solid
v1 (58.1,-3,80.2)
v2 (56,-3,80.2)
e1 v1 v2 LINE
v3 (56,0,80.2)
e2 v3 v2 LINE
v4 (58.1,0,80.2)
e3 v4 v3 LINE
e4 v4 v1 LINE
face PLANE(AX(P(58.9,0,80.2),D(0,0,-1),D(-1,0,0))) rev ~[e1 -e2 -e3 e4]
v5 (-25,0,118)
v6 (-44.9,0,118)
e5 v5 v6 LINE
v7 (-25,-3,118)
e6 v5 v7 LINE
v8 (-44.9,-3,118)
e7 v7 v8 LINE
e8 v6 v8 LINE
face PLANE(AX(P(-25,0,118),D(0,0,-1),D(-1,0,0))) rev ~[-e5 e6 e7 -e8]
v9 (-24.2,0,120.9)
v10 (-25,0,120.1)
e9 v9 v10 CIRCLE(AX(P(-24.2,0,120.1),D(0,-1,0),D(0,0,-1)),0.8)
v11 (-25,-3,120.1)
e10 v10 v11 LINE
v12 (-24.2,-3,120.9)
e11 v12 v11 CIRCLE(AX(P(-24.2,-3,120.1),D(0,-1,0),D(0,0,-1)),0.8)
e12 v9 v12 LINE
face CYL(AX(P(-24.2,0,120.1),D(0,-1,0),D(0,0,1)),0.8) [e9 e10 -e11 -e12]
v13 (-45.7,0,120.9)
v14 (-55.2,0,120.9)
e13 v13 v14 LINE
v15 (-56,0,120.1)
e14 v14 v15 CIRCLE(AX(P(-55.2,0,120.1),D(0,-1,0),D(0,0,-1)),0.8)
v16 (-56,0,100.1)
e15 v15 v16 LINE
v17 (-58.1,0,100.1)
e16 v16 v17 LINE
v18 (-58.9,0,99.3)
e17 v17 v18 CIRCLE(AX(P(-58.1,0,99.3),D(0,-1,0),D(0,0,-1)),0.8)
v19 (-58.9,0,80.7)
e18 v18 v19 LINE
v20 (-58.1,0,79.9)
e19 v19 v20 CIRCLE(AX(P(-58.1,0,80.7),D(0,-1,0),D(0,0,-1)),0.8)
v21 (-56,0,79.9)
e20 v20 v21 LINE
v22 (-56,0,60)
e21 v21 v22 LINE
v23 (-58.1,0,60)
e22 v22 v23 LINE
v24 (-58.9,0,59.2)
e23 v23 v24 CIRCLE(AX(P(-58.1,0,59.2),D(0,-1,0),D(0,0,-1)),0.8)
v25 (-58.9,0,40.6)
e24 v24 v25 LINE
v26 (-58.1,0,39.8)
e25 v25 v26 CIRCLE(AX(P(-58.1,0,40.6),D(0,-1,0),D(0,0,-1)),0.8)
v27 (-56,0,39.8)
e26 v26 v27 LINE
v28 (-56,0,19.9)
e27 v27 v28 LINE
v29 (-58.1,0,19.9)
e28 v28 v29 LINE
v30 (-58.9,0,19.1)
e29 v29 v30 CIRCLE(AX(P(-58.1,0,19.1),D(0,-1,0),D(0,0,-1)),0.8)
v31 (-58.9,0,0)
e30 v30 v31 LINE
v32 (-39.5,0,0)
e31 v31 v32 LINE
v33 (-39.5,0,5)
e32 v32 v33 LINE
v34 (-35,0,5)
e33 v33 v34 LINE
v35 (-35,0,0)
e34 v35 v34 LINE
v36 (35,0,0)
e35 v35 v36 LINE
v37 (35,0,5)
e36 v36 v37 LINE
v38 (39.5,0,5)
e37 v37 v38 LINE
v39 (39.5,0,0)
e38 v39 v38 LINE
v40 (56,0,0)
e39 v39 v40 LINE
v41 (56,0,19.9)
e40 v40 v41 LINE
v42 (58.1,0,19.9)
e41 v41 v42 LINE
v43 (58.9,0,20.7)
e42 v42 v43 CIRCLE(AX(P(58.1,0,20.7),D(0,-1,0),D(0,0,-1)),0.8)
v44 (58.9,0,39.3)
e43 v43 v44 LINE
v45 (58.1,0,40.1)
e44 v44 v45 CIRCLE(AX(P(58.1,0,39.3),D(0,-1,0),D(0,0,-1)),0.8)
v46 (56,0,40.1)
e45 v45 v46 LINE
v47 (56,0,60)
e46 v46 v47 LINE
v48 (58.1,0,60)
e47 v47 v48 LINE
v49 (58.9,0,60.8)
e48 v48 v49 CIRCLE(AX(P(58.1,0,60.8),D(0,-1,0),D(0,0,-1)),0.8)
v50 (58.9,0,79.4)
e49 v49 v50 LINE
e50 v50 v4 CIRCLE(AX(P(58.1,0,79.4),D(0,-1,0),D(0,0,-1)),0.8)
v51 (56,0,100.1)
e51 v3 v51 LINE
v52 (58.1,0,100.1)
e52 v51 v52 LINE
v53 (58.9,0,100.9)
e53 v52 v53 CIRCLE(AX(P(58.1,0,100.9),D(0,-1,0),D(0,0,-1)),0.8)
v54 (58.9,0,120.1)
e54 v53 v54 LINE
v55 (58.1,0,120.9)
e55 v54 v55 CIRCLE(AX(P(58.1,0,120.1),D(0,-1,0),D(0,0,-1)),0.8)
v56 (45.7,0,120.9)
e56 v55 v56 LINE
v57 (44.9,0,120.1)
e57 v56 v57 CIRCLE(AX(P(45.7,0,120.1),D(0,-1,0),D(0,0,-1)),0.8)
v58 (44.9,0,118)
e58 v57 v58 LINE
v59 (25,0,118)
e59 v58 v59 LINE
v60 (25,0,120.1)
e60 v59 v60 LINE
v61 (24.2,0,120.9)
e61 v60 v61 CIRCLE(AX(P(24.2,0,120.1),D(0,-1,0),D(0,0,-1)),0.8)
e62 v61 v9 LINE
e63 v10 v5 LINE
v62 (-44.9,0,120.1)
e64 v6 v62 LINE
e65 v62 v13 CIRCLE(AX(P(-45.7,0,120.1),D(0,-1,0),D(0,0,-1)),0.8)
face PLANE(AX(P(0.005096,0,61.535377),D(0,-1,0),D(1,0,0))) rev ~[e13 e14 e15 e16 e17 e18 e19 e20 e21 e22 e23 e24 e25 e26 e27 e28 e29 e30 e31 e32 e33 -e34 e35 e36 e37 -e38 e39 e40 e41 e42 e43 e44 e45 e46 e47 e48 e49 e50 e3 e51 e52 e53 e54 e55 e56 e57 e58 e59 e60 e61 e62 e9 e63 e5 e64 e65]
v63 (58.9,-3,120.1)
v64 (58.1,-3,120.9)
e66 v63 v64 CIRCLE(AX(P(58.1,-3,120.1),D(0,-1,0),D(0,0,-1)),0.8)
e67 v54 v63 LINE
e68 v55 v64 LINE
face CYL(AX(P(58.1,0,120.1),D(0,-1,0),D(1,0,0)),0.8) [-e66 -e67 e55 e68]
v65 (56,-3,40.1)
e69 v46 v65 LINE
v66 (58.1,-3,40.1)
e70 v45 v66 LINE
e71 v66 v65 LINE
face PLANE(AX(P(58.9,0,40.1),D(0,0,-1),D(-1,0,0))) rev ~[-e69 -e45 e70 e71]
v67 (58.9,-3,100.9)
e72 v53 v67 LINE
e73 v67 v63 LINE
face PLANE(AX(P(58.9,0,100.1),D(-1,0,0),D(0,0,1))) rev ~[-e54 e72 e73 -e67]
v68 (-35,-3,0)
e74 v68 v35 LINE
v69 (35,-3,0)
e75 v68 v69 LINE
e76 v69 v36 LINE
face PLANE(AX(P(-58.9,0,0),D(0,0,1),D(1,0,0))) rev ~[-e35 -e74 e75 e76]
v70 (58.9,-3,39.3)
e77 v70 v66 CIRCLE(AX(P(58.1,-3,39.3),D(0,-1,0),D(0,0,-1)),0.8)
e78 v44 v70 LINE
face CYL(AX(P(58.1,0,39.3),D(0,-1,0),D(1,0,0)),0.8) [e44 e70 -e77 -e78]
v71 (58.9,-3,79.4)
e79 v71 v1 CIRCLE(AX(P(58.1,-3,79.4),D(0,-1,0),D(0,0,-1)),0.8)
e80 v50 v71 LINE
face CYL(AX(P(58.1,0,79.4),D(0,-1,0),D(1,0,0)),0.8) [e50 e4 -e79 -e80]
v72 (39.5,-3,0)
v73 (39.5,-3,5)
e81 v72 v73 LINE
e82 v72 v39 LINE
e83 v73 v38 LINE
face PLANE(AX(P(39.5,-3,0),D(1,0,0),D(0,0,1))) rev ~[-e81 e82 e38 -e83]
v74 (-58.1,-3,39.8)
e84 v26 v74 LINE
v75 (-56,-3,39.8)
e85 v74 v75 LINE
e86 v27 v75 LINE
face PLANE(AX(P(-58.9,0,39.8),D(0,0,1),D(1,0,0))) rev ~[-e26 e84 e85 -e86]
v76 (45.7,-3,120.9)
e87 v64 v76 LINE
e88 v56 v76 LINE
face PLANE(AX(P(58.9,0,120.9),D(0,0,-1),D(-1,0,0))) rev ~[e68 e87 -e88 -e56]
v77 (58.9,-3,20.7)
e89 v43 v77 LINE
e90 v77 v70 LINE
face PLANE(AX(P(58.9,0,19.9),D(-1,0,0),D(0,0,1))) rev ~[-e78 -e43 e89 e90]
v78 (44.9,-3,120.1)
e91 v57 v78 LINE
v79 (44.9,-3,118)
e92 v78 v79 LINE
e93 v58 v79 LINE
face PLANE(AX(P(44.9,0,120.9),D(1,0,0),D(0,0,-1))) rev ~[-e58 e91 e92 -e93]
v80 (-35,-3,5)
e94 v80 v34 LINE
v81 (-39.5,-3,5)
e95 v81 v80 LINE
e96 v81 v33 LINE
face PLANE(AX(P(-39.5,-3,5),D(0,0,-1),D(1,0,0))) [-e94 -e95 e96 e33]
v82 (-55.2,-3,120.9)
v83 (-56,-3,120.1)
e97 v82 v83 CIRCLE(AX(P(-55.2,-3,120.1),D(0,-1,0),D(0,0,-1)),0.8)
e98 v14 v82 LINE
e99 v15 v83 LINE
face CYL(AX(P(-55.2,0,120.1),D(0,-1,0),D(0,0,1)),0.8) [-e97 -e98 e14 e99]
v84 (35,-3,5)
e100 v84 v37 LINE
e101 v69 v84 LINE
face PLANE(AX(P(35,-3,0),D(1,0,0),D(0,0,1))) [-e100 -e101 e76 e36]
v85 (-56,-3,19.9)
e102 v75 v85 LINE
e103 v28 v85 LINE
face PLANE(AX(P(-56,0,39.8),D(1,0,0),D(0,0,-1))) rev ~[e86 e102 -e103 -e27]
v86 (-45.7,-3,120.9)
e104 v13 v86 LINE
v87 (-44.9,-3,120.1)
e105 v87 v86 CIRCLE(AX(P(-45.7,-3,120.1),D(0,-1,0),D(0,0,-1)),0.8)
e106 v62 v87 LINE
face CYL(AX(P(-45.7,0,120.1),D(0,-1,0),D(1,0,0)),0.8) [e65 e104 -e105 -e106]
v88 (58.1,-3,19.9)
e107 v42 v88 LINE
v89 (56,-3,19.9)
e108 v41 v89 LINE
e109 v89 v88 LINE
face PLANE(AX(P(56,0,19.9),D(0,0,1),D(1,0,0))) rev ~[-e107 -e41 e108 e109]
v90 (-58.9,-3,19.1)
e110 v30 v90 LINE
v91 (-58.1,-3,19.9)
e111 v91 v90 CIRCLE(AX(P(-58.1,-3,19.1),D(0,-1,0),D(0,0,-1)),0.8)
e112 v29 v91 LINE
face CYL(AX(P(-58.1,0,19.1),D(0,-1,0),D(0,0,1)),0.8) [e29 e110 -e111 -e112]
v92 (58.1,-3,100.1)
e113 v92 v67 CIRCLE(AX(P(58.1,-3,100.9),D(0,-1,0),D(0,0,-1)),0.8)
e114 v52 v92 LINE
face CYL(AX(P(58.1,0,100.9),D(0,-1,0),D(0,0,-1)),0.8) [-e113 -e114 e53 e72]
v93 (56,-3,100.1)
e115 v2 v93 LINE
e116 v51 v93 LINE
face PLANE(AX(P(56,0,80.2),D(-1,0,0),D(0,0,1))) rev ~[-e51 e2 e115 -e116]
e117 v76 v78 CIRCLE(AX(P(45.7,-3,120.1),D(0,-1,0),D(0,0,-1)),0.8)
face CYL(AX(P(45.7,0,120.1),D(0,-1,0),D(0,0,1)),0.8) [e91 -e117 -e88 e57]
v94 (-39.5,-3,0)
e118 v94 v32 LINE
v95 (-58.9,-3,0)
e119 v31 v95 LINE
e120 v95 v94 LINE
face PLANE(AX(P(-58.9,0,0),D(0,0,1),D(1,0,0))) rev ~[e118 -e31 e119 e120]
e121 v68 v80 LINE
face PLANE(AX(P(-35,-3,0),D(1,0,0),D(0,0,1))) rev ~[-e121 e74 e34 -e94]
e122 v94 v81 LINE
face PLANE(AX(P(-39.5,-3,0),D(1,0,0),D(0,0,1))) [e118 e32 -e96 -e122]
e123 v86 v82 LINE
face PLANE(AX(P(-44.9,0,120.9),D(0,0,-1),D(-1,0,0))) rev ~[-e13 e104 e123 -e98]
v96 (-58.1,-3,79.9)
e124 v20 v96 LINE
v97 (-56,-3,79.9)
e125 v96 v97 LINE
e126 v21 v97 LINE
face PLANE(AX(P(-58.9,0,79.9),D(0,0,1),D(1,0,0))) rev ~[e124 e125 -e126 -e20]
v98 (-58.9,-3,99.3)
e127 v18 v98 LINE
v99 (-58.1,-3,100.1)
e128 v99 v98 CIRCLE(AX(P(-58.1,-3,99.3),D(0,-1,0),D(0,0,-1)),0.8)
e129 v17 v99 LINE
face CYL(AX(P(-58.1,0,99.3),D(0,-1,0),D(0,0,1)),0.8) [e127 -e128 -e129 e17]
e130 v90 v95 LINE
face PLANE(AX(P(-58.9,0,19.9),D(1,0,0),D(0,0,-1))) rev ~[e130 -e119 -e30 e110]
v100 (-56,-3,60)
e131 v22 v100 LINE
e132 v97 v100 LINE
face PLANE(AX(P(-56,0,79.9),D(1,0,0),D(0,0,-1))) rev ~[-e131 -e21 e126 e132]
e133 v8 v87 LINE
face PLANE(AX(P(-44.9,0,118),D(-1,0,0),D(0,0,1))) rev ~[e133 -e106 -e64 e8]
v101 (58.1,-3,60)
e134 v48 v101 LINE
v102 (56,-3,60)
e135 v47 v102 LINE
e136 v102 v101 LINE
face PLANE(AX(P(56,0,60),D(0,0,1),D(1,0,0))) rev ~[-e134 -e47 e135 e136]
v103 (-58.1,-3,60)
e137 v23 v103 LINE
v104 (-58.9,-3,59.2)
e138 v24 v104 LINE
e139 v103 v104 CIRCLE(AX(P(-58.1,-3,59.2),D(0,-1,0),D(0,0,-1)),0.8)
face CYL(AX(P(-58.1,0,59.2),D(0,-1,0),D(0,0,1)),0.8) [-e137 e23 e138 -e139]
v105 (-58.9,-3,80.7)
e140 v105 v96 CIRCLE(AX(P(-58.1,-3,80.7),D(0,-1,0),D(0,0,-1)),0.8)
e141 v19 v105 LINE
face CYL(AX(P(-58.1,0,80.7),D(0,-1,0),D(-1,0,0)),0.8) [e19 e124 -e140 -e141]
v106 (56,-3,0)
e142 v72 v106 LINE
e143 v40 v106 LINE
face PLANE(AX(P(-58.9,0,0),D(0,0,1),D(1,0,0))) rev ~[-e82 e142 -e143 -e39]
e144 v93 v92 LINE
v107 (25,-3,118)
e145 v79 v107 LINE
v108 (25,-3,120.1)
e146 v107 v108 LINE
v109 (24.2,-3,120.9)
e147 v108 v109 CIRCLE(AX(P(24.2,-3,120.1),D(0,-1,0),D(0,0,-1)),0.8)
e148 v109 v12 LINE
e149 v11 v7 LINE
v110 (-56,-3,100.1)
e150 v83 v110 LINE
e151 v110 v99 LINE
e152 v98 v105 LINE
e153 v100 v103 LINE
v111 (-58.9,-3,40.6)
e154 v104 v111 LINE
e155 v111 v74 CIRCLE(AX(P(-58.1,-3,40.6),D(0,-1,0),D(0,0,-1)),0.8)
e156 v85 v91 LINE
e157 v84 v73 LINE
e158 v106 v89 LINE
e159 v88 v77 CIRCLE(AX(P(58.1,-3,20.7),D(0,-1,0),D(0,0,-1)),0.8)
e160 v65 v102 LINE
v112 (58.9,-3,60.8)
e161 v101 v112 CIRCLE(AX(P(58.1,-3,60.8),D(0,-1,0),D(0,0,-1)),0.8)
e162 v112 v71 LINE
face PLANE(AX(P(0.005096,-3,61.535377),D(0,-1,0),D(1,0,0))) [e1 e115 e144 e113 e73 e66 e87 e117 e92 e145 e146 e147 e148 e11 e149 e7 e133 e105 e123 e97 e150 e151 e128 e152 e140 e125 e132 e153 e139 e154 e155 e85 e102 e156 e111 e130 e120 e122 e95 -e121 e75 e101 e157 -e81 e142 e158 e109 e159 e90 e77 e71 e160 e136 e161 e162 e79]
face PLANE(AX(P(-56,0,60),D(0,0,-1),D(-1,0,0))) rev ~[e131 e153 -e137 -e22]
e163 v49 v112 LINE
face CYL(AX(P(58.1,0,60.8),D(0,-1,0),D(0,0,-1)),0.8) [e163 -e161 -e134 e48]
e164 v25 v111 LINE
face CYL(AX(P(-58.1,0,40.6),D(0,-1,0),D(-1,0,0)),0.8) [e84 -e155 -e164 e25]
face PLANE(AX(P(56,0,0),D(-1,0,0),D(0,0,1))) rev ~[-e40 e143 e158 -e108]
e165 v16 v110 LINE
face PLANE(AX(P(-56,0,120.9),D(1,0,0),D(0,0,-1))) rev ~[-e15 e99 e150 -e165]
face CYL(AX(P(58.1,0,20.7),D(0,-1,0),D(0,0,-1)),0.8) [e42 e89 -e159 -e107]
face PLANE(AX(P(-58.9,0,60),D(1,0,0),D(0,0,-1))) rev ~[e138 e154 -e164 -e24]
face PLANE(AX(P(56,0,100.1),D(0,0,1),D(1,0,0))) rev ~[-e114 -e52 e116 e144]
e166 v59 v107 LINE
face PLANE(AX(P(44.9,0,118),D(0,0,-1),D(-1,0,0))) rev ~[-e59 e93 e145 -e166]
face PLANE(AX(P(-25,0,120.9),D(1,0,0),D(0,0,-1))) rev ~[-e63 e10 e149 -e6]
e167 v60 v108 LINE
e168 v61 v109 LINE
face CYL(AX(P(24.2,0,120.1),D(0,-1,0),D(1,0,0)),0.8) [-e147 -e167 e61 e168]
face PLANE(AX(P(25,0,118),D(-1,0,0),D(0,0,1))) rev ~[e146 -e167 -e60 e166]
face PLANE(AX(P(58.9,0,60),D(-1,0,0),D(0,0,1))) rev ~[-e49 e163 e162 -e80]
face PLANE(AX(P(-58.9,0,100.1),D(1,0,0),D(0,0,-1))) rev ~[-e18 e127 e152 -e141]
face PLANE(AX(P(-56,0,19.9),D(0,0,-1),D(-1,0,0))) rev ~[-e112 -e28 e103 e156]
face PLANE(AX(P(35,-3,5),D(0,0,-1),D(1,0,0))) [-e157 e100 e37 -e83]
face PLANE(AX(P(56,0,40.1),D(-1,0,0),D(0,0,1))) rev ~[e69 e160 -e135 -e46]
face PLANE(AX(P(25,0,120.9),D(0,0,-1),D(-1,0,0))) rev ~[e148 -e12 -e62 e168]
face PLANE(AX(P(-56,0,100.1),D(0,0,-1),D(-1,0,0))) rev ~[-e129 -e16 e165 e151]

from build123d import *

# Parameters (mm, degrees)
F1_DEPTH = 3
F2_R     = 0.8
F3_W     = 4.5
F3_H     = 5
F4_DEPTH = 3.001


with BuildPart() as f1:
    # F0 (on Front) → F1 (new body)
    with BuildSketch(Plane.XZ):
        Polygon((-58.9, 0), (56, 0), (56, 19.9), (58.9, 19.9), (58.9, 40.1), (56, 40.1), (56, 60), (58.9, 60), (58.9, 80.2), (56, 80.2), (56, 100.1), (58.9, 100.1), (58.9, 120.9), (44.9, 120.9), (44.9, 118), (25, 118), (25, 120.9), (-25, 120.9), (-25, 118), (-44.9, 118), (-44.9, 120.9), (-56, 120.9), (-56, 100.1), (-58.9, 100.1), (-58.9, 79.9), (-56, 79.9), (-56, 60), (-58.9, 60), (-58.9, 39.8), (-56, 39.8), (-56, 19.9), (-58.9, 19.9), align=None)
    extrude(amount=F1_DEPTH)

    # F2
    f2_edges = [f1.edges().sort_by_distance(p)[0] for p in [
        (58.9, -1.5, 100.1),
        (58.9, -1.5, 80.2),
        (58.9, -1.5, 60),
        (58.9, -1.5, 40.1),
        (58.9, -1.5, 19.9),
        (-58.9, -1.5, 19.9),
        (-58.9, -1.5, 39.8),
        (-58.9, -1.5, 60),
        (-58.9, -1.5, 79.9),
        (-58.9, -1.5, 100.1),
        (-56, -1.5, 120.9),
        (-44.9, -1.5, 120.9),
        (-25, -1.5, 120.9),
        (25, -1.5, 120.9),
        (44.9, -1.5, 120.9),
        (58.9, -1.5, 120.9),
    ]]
    fillet(f2_edges, radius=F2_R)

    # F3 (on face) → F4 (cut, through all)
    with BuildSketch(Plane.XZ.offset(3)):
        with Locations((-37.25, 2.5)):
            Rectangle(F3_W, F3_H)
        with Locations((37.25, 2.5)):
            Rectangle(F3_W, F3_H)
    extrude(amount=-F4_DEPTH, mode=Mode.SUBTRACT)


solid = f1.part
